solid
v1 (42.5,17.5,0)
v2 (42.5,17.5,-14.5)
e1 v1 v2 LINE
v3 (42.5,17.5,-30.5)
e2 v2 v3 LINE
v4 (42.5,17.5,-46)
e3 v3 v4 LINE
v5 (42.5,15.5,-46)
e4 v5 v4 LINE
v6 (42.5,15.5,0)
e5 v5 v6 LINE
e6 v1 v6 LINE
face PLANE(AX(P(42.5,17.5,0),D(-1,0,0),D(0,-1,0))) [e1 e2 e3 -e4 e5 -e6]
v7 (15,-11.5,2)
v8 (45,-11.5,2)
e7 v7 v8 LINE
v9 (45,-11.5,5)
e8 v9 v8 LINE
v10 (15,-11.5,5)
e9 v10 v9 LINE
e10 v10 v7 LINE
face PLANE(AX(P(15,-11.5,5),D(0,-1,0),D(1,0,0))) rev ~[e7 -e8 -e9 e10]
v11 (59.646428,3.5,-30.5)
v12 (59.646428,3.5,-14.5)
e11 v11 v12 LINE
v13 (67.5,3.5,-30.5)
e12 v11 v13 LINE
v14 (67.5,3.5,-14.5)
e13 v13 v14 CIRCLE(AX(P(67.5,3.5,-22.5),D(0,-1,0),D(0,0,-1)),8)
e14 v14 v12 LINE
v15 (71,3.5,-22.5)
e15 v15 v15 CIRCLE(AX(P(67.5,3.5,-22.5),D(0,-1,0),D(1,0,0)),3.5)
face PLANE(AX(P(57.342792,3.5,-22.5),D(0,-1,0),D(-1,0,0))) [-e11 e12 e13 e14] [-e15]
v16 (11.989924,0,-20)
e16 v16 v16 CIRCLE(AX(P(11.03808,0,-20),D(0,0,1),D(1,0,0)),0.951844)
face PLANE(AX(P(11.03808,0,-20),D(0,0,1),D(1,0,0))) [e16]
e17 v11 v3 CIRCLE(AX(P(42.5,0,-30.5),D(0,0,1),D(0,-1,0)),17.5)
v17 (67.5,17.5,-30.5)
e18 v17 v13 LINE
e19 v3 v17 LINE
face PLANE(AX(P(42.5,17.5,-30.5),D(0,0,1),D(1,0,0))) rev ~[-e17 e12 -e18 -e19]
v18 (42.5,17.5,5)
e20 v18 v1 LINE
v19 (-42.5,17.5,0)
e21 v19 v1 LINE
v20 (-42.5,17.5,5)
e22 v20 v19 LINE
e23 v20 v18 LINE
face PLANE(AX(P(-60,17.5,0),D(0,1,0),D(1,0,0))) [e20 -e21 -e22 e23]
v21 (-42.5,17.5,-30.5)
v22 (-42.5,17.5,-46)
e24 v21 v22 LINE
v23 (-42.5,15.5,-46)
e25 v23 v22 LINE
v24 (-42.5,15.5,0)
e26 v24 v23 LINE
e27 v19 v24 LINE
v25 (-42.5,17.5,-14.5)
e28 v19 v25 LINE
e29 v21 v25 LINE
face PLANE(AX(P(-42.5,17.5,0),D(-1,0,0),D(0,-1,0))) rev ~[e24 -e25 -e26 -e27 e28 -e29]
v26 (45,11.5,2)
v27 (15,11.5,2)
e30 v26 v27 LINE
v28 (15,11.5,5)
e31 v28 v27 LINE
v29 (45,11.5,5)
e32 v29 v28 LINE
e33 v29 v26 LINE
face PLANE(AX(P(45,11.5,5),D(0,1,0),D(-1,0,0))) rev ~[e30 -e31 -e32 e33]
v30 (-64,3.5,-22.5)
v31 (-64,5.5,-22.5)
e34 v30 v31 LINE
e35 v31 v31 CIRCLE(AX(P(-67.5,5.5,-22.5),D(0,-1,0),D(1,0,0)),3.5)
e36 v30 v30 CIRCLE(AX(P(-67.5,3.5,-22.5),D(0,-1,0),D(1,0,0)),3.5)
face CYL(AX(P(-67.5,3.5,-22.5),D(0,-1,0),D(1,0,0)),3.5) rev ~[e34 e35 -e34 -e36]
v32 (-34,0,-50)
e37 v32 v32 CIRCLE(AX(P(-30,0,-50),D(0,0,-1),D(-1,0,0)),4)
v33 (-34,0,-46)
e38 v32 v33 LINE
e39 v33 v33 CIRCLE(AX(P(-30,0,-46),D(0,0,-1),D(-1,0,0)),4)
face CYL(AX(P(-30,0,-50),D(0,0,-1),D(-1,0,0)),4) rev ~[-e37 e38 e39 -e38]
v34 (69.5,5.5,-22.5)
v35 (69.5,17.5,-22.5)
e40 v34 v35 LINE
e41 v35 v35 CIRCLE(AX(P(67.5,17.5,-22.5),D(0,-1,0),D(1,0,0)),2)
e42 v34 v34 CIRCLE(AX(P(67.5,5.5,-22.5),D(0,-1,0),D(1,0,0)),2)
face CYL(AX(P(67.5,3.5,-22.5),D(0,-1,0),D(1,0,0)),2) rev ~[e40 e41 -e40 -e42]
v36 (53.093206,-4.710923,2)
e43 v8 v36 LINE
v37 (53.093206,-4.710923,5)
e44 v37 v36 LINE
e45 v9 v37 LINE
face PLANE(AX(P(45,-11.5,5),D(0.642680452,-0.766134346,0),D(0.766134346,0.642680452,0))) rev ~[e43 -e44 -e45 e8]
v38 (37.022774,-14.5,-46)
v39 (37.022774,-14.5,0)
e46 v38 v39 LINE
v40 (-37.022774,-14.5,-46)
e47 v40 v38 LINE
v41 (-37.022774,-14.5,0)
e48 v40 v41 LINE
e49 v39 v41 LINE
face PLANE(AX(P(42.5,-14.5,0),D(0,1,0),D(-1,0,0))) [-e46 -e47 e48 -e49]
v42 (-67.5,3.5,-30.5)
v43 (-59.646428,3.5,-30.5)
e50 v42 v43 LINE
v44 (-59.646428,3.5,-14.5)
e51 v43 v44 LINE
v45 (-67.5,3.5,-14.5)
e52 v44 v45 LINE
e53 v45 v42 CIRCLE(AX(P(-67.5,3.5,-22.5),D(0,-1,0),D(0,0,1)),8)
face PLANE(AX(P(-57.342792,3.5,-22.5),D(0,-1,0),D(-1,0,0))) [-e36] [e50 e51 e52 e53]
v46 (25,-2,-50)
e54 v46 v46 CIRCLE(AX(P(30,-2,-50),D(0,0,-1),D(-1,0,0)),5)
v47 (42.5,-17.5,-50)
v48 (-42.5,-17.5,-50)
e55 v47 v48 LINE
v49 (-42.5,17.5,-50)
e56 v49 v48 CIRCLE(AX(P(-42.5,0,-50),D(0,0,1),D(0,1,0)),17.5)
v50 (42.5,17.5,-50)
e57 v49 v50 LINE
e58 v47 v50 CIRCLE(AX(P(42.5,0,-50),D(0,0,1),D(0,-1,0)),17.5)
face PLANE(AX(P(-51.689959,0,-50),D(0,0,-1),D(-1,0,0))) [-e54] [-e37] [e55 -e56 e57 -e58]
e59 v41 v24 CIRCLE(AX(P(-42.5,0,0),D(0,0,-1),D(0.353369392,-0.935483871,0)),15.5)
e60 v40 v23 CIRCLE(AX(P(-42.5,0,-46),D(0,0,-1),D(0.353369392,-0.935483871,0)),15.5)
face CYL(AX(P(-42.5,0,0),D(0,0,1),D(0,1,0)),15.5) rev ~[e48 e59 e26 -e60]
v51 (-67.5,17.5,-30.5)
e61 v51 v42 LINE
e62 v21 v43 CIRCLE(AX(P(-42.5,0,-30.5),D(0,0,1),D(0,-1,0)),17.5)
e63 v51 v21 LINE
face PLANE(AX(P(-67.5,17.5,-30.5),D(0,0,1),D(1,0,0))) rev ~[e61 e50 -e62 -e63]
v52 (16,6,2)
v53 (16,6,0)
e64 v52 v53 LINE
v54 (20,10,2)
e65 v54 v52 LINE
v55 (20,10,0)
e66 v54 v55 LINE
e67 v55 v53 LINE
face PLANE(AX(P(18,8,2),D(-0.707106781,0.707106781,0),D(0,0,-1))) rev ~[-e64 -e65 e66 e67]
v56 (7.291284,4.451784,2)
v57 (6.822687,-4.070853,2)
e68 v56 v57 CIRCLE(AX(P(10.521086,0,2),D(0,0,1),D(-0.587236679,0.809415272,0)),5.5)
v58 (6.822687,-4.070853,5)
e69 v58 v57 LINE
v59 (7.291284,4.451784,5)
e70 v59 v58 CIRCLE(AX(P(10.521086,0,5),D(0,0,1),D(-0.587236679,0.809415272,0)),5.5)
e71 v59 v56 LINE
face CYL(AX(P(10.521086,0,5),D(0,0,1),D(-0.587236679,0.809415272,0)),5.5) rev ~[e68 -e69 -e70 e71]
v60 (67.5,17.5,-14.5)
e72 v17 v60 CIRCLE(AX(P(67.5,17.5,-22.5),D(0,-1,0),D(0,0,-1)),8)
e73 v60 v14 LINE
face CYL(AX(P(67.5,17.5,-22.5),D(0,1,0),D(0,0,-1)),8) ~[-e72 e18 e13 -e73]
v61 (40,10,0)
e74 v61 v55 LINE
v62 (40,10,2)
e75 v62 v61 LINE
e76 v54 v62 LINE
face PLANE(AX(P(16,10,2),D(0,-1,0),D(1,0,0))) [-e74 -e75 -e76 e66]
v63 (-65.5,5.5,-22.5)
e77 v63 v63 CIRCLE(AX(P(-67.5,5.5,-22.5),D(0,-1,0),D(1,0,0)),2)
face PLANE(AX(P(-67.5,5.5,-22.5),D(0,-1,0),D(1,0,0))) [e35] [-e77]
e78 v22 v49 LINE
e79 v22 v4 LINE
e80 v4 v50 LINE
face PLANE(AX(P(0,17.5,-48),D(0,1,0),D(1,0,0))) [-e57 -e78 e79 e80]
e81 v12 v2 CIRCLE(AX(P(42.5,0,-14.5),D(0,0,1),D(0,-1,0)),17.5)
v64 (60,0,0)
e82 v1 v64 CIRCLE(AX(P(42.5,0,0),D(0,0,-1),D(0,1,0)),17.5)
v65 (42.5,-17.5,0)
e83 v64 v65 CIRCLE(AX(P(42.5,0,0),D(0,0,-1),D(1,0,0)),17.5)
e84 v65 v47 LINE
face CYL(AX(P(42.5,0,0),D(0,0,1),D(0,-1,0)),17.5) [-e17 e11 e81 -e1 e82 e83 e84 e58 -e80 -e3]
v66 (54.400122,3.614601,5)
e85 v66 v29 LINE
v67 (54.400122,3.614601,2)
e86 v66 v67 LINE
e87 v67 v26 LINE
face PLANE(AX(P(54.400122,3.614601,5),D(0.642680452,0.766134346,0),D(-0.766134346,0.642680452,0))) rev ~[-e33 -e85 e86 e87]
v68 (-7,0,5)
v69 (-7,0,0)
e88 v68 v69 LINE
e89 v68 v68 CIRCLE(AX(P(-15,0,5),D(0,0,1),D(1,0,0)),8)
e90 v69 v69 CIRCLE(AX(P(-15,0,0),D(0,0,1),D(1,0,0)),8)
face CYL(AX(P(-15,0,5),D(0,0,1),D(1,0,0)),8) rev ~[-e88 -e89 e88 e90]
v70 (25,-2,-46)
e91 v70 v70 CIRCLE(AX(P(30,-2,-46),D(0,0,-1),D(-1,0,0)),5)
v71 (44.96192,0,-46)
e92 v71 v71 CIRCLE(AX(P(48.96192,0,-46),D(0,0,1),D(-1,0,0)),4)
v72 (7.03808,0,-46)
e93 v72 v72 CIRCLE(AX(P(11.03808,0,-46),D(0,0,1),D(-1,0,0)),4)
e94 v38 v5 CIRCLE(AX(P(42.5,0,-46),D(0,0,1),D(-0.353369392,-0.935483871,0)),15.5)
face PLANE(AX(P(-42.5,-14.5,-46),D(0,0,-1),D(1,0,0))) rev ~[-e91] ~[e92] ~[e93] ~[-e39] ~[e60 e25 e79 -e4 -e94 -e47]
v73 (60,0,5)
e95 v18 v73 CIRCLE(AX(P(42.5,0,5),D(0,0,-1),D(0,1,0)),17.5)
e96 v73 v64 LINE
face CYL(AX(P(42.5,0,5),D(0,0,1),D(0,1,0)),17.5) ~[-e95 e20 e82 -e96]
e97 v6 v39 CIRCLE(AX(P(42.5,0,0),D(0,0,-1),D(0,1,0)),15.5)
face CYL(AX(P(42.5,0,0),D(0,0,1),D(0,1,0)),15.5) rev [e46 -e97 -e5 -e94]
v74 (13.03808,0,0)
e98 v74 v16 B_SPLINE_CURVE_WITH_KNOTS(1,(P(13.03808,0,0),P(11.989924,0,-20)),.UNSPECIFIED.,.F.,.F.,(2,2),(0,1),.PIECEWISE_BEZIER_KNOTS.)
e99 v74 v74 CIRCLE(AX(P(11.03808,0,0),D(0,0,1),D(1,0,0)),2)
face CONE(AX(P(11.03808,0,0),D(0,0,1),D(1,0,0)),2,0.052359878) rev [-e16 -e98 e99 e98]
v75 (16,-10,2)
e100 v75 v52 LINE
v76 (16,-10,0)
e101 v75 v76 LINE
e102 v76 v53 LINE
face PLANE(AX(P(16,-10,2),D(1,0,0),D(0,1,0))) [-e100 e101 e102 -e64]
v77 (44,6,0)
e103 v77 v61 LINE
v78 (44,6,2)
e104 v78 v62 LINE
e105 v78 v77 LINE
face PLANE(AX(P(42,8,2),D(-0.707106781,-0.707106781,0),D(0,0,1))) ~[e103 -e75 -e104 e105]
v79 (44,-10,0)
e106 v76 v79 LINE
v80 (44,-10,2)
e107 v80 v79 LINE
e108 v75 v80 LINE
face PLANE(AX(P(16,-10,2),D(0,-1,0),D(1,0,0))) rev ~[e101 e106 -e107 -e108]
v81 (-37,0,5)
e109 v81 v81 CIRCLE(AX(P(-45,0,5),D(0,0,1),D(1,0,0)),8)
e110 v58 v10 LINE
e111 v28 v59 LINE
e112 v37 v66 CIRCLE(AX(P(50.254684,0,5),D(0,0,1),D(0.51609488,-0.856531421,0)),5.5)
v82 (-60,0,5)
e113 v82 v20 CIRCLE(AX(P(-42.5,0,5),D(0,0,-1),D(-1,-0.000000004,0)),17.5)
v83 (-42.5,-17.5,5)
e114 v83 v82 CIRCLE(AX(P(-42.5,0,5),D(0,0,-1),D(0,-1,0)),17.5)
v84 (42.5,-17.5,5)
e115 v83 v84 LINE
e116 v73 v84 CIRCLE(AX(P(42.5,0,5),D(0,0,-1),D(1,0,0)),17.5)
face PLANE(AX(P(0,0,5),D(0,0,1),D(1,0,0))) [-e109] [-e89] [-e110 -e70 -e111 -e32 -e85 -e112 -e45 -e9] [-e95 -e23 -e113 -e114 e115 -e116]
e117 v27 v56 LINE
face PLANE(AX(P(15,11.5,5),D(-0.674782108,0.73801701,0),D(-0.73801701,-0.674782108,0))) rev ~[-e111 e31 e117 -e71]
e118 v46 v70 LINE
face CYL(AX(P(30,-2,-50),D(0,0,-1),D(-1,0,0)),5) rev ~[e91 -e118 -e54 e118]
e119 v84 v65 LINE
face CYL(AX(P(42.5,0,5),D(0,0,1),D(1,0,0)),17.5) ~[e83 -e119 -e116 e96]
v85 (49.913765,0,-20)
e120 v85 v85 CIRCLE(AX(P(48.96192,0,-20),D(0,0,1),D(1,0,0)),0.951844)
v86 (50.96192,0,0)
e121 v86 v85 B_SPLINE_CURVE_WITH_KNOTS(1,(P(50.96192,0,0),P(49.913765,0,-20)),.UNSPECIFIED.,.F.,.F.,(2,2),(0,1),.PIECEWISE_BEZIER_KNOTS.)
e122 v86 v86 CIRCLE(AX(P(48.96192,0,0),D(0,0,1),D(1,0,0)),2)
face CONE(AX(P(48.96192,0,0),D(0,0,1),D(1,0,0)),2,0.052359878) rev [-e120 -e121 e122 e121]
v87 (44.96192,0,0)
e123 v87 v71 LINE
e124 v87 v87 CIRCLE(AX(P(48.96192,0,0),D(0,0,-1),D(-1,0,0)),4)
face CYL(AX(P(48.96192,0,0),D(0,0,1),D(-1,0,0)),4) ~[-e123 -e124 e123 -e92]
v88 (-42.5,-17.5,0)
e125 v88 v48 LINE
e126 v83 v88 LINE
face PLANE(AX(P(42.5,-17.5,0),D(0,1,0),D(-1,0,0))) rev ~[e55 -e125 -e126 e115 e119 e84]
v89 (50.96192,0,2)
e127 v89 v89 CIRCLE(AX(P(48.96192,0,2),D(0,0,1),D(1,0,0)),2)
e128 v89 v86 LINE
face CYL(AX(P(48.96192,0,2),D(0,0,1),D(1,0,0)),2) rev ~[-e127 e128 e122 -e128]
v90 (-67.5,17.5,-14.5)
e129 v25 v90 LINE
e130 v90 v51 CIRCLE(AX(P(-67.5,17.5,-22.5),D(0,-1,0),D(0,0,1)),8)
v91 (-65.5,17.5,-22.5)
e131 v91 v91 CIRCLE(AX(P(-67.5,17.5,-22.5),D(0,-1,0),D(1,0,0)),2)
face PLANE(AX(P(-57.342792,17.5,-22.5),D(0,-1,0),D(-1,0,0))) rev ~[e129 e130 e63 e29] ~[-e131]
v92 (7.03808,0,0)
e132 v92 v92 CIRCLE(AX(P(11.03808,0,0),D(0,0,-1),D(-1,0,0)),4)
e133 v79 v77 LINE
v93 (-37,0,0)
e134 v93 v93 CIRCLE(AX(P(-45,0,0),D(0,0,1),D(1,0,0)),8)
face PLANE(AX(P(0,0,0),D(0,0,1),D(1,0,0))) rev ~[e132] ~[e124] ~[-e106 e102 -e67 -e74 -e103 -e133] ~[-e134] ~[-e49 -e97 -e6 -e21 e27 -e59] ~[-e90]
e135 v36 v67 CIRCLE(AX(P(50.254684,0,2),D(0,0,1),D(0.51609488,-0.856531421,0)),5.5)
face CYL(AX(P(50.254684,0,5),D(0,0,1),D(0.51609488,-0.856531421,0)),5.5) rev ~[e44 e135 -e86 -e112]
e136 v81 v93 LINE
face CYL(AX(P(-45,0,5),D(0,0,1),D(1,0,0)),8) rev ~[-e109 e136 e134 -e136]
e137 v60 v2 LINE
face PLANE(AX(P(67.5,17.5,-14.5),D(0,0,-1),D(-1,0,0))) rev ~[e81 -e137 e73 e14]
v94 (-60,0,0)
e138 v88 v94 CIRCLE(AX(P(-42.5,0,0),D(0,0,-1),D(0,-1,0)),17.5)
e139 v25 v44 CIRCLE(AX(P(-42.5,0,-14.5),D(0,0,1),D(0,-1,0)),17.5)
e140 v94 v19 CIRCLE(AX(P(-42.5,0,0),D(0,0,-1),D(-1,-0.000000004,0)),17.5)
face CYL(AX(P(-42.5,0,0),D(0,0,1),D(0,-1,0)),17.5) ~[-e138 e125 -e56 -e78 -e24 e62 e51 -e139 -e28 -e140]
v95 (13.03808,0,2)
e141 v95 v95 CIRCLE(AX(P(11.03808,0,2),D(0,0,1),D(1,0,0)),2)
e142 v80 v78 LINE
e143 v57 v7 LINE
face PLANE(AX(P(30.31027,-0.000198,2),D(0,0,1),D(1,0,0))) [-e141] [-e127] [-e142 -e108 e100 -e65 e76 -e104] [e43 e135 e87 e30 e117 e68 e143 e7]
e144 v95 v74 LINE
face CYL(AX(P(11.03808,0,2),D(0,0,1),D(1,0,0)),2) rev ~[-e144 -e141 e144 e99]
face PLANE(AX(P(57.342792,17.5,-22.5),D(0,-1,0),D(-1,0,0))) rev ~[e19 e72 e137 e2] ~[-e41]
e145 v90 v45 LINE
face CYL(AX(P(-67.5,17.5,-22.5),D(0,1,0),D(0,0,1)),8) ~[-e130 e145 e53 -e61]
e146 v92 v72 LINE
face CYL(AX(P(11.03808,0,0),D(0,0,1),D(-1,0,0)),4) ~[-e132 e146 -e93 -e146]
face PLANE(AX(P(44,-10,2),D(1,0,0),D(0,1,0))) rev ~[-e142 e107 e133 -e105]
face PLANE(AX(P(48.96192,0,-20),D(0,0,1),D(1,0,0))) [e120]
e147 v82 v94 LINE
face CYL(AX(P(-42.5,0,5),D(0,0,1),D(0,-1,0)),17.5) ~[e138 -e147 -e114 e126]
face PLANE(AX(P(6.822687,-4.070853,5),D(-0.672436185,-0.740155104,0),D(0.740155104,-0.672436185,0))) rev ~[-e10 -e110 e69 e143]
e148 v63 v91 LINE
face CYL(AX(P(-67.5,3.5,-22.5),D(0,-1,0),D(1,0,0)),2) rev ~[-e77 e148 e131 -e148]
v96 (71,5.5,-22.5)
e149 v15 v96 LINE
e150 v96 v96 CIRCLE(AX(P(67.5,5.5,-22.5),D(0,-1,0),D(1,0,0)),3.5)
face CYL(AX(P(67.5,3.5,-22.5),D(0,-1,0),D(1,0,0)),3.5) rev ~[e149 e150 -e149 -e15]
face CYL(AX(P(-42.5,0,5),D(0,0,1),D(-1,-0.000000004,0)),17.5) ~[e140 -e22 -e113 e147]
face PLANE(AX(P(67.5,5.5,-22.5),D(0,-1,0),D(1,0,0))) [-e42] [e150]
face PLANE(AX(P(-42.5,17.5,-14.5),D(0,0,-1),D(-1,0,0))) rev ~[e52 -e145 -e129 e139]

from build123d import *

# Parameters (mm, degrees)
SKETCH1_W           = 120
SKETCH1_H           = 35
BOSS_EXTRUDE1_DEPTH = 5
CUT_EXTRUDE1_DEPTH  = 3
SKETCH5_W           = 28
SKETCH5_H           = 20
CUT_EXTRUDE2_DEPTH  = 3
CHAMFER1_SIZE       = 4
SKETCH6_R           = 8
CUT_EXTRUDE3_DEPTH  = 5
SKETCH7_R           = 2
CUT_EXTRUDE4_DEPTH  = 5
CUT_EXTRUDE5_DEPTH  = 5
SKETCH9_W           = 85
SKETCH9_H           = 3
BOSS_EXTRUDE2_DEPTH = 50
SKETCH10_W          = 85
SKETCH10_H          = 4
BOSS_EXTRUDE3_DEPTH = 32
BOSS_EXTRUDE4_DEPTH = 50
SKETCH12_R          = 17.5
BOSS_EXTRUDE5_DEPTH = 4
SKETCH13_R          = 5
SKETCH13_R_2        = 4
CUT_EXTRUDE6_DEPTH  = 4
BOSS_EXTRUDE6_DEPTH = 14
SKETCH15_R          = 15.5
CUT_EXTRUDE7_DEPTH  = 46
SKETCH16_R          = 3.5
CUT_EXTRUDE8_DEPTH  = 2
SKETCH17_R          = 2
CUT_EXTRUDE9_DEPTH  = 15
BOSS_EXTRUDE7_REACH = 52
SKETCH18_R          = 4
SKETCH19_R          = 2
CUT_EXTRUDE10_DEPTH = 20
CUT_EXTRUDE10_TAPER = 3


with BuildPart() as part:
    # Sketch1 → Boss-Extrude1 (new body)
    with BuildSketch(Plane.XY):
        Rectangle(SKETCH1_W, SKETCH1_H)
    extrude(amount=BOSS_EXTRUDE1_DEPTH)

    # Sketch4 → Cut-Extrude1 (cut)
    with BuildSketch(Plane.XY.offset(5)):
        with BuildLine():
            Line((15, -11.5), (45, -11.5))
            Line((45, -11.5), (53.093205875, -4.710922816))
            ThreePointArc((53.093205875, -4.710922816), (55.688146307, -0.852928933), (54.400122175, 3.614601312))
            Line((54.400122175, 3.614601312), (45, 11.5))
            Line((45, 11.5), (15, 11.5))
            Line((15, 11.5), (7.291284487, 4.451783997))
            ThreePointArc((7.291284487, 4.451783997), (5.029380926, 0.301948581), (6.822687206, -4.07085307))
            Line((6.822687206, -4.07085307), (15, -11.5))
        make_face()
    extrude(amount=-CUT_EXTRUDE1_DEPTH, mode=Mode.SUBTRACT)

    # Sketch5 → Cut-Extrude2 (cut)
    with BuildSketch(Plane.XY.offset(2)):
        with Locations((30, 0)):
            Rectangle(SKETCH5_W, SKETCH5_H)
    extrude(amount=-CUT_EXTRUDE2_DEPTH, mode=Mode.SUBTRACT)

    # Chamfer1
    chamfer1_edges = [part.edges().sort_by_distance(p)[0] for p in [
        (44, 10, 1),
        (16, 10, 1),
    ]]
    chamfer(chamfer1_edges, length=CHAMFER1_SIZE)

    # Sketch6 → Cut-Extrude3 (cut)
    with BuildSketch(Plane.XY.offset(5)):
        with Locations((-15, 0)):
            Circle(SKETCH6_R)
        with Locations((-45, 0)):
            Circle(SKETCH6_R)
    extrude(amount=-CUT_EXTRUDE3_DEPTH, mode=Mode.SUBTRACT)

    # Sketch7 → Cut-Extrude4 (cut)
    with BuildSketch(Plane.XY.offset(2)):
        with Locations((11.038079628, 0)):
            Circle(SKETCH7_R)
        with Locations((48.961920372, 0)):
            Circle(SKETCH7_R)
    extrude(amount=-CUT_EXTRUDE4_DEPTH, mode=Mode.SUBTRACT)

    # Sketch8 → Cut-Extrude5 (cut)
    with BuildSketch(Plane.XY.offset(5)):
        with BuildLine():
            Line((-60, 17.5), (-60, -6.7e-08))
            ThreePointArc((-60, -6.7e-08), (-54.874368695, 12.374368647), (-42.5, 17.5))
            Line((-42.5, 17.5), (-60, 17.5))
        make_face()
        with BuildLine():
            Line((-60, -17.5), (-42.5, -17.5))
            ThreePointArc((-42.5, -17.5), (-54.874368647, -12.374368695), (-60, -6.7e-08))
            Line((-60, -6.7e-08), (-60, -17.5))
        make_face()
        with BuildLine():
            ThreePointArc((42.5, 17.5), (54.874368671, 12.374368671), (60, 0))
            Line((60, 0), (60, 17.5))
            Line((60, 17.5), (42.5, 17.5))
        make_face()
        with BuildLine():
            Line((42.5, -17.5), (60, -17.5))
            Line((60, -17.5), (60, 0))
            ThreePointArc((60, 0), (54.874368671, -12.374368671), (42.5, -17.5))
        make_face()
    extrude(amount=-CUT_EXTRUDE5_DEPTH, mode=Mode.SUBTRACT)

    # Sketch9 → Boss-Extrude2 (add)
    with BuildSketch(Plane(origin=(0, 0, 0), x_dir=(-1, 0, 0), z_dir=(0, 0, -1))):
        with Locations((0, -16)):
            Rectangle(SKETCH9_W, SKETCH9_H)
    extrude(amount=BOSS_EXTRUDE2_DEPTH)

    # Sketch10 → Boss-Extrude3 (add)
    with BuildSketch(Plane(origin=(0, -14.5, 0), x_dir=(1, 0, 0), z_dir=(0, 1, 0))):
        with Locations((0, 48)):
            Rectangle(SKETCH10_W, SKETCH10_H)
    extrude(amount=BOSS_EXTRUDE3_DEPTH)

    # Sketch11 → Boss-Extrude4 (add)
    with BuildSketch(Plane(origin=(0, 0, 0), x_dir=(-1, 0, 0), z_dir=(0, 0, -1))):
        with BuildLine():
            Line((42.5, 17.5), (42.5, 15.5))
            ThreePointArc((42.5, 15.5), (58, 0), (42.5, -15.5))
            Line((42.5, -15.5), (42.5, -17.5))
            ThreePointArc((42.5, -17.5), (60, 0), (42.5, 17.5))
        make_face()
        with BuildLine():
            Line((-42.5, 17.5), (-42.5, 15.5))
            ThreePointArc((-42.5, 15.5), (-58, 0), (-42.5, -15.5))
            Line((-42.5, -15.5), (-42.5, -17.5))
            ThreePointArc((-42.5, -17.5), (-60, 0), (-42.5, 17.5))
        make_face()
    extrude(amount=BOSS_EXTRUDE4_DEPTH)

    # Sketch12 → Boss-Extrude5 (add)
    with BuildSketch(Plane(origin=(0, 0, -50), x_dir=(-1, 0, 0), z_dir=(0, 0, -1))):
        with Locations((-42.5, 0)):
            Circle(SKETCH12_R)
        with Locations((42.5, 0)):
            Circle(SKETCH12_R)
    extrude(amount=-BOSS_EXTRUDE5_DEPTH)

    # Sketch13 → Cut-Extrude6 (cut)
    with BuildSketch(Plane(origin=(0, 0, -50), x_dir=(-1, 0, 0), z_dir=(0, 0, -1))):
        with Locations((-30, -2)):
            Circle(SKETCH13_R)
        with Locations((30, 0)):
            Circle(SKETCH13_R_2)
    extrude(amount=-CUT_EXTRUDE6_DEPTH, mode=Mode.SUBTRACT)

    # Sketch14 → Boss-Extrude6 (add)
    with BuildSketch(Plane(origin=(0, 17.5, 0), x_dir=(1, 0, 0), z_dir=(0, 1, 0))):
        with BuildLine():
            Line((-42.5, 14.5), (-67.5, 14.5))
            ThreePointArc((-67.5, 14.5), (-75.5, 22.5), (-67.5, 30.5))
            Line((-67.5, 30.5), (-42.5, 30.5))
            Line((-42.5, 30.5), (-42.5, 14.5))
        make_face()
        with BuildLine():
            Line((42.5, 30.5), (67.5, 30.5))
            ThreePointArc((67.5, 30.5), (75.5, 22.5), (67.5, 14.5))
            Line((67.5, 14.5), (42.5, 14.5))
            Line((42.5, 14.5), (42.5, 30.5))
        make_face()
    extrude(amount=-BOSS_EXTRUDE6_DEPTH)

    # Sketch15 → Cut-Extrude7 (cut)
    with BuildSketch(Plane(origin=(0, 0, 0), x_dir=(-1, 0, 0), z_dir=(0, 0, -1))):
        with Locations((-42.5, 0)):
            Circle(SKETCH15_R)
        with Locations((42.5, 0)):
            Circle(SKETCH15_R)
    extrude(amount=CUT_EXTRUDE7_DEPTH, mode=Mode.SUBTRACT)

    # Sketch16 → Cut-Extrude8 (cut)
    with BuildSketch(Plane.XZ.offset(-3.5)):
        with Locations((67.5, -22.5)):
            Circle(SKETCH16_R)
        with Locations((-67.5, -22.5)):
            Circle(SKETCH16_R)
    extrude(amount=-CUT_EXTRUDE8_DEPTH, mode=Mode.SUBTRACT)

    # Sketch17 → Cut-Extrude9 (cut, through all)
    with BuildSketch(Plane.XZ.offset(-3.5)):
        with Locations((-67.5, -22.5)):
            Circle(SKETCH17_R)
        with Locations((67.5, -22.5)):
            Circle(SKETCH17_R)
    extrude(amount=-CUT_EXTRUDE9_DEPTH, mode=Mode.SUBTRACT)

    # Sketch18 → Boss-Extrude7 (add, up to next)
    with BuildSketch(Plane(origin=(0, 0, 0), x_dir=(-1, 0, 0), z_dir=(0, 0, -1)), mode=Mode.PRIVATE) as boss_extrude7_sk1:
        with Locations((-48.961920372, 0)):
            Circle(SKETCH18_R)
    boss_extrude7_tool1 = extrude(boss_extrude7_sk1.sketch, amount=BOSS_EXTRUDE7_REACH, mode=Mode.PRIVATE) - part.part
    add(boss_extrude7_tool1.solids().sort_by_distance((48.96192, 0, 0))[0])
    # Sketch18 → Boss-Extrude7 (add, up to next)
    with BuildSketch(Plane(origin=(0, 0, 0), x_dir=(-1, 0, 0), z_dir=(0, 0, -1)), mode=Mode.PRIVATE) as boss_extrude7_sk2:
        with Locations((-11.038079628, 0)):
            Circle(SKETCH18_R)
    boss_extrude7_tool2 = extrude(boss_extrude7_sk2.sketch, amount=BOSS_EXTRUDE7_REACH, mode=Mode.PRIVATE) - part.part
    add(boss_extrude7_tool2.solids().sort_by_distance((11.03808, 0, 0))[0])

    # Sketch19 → Cut-Extrude10 (cut)
    with BuildSketch(Plane.XY):
        with Locations((11.038079628, 0)):
            Circle(SKETCH19_R)
        with Locations((48.961920372, 0)):
            Circle(SKETCH19_R)
    extrude(amount=-CUT_EXTRUDE10_DEPTH, taper=CUT_EXTRUDE10_TAPER, mode=Mode.SUBTRACT)


solid = part.part
